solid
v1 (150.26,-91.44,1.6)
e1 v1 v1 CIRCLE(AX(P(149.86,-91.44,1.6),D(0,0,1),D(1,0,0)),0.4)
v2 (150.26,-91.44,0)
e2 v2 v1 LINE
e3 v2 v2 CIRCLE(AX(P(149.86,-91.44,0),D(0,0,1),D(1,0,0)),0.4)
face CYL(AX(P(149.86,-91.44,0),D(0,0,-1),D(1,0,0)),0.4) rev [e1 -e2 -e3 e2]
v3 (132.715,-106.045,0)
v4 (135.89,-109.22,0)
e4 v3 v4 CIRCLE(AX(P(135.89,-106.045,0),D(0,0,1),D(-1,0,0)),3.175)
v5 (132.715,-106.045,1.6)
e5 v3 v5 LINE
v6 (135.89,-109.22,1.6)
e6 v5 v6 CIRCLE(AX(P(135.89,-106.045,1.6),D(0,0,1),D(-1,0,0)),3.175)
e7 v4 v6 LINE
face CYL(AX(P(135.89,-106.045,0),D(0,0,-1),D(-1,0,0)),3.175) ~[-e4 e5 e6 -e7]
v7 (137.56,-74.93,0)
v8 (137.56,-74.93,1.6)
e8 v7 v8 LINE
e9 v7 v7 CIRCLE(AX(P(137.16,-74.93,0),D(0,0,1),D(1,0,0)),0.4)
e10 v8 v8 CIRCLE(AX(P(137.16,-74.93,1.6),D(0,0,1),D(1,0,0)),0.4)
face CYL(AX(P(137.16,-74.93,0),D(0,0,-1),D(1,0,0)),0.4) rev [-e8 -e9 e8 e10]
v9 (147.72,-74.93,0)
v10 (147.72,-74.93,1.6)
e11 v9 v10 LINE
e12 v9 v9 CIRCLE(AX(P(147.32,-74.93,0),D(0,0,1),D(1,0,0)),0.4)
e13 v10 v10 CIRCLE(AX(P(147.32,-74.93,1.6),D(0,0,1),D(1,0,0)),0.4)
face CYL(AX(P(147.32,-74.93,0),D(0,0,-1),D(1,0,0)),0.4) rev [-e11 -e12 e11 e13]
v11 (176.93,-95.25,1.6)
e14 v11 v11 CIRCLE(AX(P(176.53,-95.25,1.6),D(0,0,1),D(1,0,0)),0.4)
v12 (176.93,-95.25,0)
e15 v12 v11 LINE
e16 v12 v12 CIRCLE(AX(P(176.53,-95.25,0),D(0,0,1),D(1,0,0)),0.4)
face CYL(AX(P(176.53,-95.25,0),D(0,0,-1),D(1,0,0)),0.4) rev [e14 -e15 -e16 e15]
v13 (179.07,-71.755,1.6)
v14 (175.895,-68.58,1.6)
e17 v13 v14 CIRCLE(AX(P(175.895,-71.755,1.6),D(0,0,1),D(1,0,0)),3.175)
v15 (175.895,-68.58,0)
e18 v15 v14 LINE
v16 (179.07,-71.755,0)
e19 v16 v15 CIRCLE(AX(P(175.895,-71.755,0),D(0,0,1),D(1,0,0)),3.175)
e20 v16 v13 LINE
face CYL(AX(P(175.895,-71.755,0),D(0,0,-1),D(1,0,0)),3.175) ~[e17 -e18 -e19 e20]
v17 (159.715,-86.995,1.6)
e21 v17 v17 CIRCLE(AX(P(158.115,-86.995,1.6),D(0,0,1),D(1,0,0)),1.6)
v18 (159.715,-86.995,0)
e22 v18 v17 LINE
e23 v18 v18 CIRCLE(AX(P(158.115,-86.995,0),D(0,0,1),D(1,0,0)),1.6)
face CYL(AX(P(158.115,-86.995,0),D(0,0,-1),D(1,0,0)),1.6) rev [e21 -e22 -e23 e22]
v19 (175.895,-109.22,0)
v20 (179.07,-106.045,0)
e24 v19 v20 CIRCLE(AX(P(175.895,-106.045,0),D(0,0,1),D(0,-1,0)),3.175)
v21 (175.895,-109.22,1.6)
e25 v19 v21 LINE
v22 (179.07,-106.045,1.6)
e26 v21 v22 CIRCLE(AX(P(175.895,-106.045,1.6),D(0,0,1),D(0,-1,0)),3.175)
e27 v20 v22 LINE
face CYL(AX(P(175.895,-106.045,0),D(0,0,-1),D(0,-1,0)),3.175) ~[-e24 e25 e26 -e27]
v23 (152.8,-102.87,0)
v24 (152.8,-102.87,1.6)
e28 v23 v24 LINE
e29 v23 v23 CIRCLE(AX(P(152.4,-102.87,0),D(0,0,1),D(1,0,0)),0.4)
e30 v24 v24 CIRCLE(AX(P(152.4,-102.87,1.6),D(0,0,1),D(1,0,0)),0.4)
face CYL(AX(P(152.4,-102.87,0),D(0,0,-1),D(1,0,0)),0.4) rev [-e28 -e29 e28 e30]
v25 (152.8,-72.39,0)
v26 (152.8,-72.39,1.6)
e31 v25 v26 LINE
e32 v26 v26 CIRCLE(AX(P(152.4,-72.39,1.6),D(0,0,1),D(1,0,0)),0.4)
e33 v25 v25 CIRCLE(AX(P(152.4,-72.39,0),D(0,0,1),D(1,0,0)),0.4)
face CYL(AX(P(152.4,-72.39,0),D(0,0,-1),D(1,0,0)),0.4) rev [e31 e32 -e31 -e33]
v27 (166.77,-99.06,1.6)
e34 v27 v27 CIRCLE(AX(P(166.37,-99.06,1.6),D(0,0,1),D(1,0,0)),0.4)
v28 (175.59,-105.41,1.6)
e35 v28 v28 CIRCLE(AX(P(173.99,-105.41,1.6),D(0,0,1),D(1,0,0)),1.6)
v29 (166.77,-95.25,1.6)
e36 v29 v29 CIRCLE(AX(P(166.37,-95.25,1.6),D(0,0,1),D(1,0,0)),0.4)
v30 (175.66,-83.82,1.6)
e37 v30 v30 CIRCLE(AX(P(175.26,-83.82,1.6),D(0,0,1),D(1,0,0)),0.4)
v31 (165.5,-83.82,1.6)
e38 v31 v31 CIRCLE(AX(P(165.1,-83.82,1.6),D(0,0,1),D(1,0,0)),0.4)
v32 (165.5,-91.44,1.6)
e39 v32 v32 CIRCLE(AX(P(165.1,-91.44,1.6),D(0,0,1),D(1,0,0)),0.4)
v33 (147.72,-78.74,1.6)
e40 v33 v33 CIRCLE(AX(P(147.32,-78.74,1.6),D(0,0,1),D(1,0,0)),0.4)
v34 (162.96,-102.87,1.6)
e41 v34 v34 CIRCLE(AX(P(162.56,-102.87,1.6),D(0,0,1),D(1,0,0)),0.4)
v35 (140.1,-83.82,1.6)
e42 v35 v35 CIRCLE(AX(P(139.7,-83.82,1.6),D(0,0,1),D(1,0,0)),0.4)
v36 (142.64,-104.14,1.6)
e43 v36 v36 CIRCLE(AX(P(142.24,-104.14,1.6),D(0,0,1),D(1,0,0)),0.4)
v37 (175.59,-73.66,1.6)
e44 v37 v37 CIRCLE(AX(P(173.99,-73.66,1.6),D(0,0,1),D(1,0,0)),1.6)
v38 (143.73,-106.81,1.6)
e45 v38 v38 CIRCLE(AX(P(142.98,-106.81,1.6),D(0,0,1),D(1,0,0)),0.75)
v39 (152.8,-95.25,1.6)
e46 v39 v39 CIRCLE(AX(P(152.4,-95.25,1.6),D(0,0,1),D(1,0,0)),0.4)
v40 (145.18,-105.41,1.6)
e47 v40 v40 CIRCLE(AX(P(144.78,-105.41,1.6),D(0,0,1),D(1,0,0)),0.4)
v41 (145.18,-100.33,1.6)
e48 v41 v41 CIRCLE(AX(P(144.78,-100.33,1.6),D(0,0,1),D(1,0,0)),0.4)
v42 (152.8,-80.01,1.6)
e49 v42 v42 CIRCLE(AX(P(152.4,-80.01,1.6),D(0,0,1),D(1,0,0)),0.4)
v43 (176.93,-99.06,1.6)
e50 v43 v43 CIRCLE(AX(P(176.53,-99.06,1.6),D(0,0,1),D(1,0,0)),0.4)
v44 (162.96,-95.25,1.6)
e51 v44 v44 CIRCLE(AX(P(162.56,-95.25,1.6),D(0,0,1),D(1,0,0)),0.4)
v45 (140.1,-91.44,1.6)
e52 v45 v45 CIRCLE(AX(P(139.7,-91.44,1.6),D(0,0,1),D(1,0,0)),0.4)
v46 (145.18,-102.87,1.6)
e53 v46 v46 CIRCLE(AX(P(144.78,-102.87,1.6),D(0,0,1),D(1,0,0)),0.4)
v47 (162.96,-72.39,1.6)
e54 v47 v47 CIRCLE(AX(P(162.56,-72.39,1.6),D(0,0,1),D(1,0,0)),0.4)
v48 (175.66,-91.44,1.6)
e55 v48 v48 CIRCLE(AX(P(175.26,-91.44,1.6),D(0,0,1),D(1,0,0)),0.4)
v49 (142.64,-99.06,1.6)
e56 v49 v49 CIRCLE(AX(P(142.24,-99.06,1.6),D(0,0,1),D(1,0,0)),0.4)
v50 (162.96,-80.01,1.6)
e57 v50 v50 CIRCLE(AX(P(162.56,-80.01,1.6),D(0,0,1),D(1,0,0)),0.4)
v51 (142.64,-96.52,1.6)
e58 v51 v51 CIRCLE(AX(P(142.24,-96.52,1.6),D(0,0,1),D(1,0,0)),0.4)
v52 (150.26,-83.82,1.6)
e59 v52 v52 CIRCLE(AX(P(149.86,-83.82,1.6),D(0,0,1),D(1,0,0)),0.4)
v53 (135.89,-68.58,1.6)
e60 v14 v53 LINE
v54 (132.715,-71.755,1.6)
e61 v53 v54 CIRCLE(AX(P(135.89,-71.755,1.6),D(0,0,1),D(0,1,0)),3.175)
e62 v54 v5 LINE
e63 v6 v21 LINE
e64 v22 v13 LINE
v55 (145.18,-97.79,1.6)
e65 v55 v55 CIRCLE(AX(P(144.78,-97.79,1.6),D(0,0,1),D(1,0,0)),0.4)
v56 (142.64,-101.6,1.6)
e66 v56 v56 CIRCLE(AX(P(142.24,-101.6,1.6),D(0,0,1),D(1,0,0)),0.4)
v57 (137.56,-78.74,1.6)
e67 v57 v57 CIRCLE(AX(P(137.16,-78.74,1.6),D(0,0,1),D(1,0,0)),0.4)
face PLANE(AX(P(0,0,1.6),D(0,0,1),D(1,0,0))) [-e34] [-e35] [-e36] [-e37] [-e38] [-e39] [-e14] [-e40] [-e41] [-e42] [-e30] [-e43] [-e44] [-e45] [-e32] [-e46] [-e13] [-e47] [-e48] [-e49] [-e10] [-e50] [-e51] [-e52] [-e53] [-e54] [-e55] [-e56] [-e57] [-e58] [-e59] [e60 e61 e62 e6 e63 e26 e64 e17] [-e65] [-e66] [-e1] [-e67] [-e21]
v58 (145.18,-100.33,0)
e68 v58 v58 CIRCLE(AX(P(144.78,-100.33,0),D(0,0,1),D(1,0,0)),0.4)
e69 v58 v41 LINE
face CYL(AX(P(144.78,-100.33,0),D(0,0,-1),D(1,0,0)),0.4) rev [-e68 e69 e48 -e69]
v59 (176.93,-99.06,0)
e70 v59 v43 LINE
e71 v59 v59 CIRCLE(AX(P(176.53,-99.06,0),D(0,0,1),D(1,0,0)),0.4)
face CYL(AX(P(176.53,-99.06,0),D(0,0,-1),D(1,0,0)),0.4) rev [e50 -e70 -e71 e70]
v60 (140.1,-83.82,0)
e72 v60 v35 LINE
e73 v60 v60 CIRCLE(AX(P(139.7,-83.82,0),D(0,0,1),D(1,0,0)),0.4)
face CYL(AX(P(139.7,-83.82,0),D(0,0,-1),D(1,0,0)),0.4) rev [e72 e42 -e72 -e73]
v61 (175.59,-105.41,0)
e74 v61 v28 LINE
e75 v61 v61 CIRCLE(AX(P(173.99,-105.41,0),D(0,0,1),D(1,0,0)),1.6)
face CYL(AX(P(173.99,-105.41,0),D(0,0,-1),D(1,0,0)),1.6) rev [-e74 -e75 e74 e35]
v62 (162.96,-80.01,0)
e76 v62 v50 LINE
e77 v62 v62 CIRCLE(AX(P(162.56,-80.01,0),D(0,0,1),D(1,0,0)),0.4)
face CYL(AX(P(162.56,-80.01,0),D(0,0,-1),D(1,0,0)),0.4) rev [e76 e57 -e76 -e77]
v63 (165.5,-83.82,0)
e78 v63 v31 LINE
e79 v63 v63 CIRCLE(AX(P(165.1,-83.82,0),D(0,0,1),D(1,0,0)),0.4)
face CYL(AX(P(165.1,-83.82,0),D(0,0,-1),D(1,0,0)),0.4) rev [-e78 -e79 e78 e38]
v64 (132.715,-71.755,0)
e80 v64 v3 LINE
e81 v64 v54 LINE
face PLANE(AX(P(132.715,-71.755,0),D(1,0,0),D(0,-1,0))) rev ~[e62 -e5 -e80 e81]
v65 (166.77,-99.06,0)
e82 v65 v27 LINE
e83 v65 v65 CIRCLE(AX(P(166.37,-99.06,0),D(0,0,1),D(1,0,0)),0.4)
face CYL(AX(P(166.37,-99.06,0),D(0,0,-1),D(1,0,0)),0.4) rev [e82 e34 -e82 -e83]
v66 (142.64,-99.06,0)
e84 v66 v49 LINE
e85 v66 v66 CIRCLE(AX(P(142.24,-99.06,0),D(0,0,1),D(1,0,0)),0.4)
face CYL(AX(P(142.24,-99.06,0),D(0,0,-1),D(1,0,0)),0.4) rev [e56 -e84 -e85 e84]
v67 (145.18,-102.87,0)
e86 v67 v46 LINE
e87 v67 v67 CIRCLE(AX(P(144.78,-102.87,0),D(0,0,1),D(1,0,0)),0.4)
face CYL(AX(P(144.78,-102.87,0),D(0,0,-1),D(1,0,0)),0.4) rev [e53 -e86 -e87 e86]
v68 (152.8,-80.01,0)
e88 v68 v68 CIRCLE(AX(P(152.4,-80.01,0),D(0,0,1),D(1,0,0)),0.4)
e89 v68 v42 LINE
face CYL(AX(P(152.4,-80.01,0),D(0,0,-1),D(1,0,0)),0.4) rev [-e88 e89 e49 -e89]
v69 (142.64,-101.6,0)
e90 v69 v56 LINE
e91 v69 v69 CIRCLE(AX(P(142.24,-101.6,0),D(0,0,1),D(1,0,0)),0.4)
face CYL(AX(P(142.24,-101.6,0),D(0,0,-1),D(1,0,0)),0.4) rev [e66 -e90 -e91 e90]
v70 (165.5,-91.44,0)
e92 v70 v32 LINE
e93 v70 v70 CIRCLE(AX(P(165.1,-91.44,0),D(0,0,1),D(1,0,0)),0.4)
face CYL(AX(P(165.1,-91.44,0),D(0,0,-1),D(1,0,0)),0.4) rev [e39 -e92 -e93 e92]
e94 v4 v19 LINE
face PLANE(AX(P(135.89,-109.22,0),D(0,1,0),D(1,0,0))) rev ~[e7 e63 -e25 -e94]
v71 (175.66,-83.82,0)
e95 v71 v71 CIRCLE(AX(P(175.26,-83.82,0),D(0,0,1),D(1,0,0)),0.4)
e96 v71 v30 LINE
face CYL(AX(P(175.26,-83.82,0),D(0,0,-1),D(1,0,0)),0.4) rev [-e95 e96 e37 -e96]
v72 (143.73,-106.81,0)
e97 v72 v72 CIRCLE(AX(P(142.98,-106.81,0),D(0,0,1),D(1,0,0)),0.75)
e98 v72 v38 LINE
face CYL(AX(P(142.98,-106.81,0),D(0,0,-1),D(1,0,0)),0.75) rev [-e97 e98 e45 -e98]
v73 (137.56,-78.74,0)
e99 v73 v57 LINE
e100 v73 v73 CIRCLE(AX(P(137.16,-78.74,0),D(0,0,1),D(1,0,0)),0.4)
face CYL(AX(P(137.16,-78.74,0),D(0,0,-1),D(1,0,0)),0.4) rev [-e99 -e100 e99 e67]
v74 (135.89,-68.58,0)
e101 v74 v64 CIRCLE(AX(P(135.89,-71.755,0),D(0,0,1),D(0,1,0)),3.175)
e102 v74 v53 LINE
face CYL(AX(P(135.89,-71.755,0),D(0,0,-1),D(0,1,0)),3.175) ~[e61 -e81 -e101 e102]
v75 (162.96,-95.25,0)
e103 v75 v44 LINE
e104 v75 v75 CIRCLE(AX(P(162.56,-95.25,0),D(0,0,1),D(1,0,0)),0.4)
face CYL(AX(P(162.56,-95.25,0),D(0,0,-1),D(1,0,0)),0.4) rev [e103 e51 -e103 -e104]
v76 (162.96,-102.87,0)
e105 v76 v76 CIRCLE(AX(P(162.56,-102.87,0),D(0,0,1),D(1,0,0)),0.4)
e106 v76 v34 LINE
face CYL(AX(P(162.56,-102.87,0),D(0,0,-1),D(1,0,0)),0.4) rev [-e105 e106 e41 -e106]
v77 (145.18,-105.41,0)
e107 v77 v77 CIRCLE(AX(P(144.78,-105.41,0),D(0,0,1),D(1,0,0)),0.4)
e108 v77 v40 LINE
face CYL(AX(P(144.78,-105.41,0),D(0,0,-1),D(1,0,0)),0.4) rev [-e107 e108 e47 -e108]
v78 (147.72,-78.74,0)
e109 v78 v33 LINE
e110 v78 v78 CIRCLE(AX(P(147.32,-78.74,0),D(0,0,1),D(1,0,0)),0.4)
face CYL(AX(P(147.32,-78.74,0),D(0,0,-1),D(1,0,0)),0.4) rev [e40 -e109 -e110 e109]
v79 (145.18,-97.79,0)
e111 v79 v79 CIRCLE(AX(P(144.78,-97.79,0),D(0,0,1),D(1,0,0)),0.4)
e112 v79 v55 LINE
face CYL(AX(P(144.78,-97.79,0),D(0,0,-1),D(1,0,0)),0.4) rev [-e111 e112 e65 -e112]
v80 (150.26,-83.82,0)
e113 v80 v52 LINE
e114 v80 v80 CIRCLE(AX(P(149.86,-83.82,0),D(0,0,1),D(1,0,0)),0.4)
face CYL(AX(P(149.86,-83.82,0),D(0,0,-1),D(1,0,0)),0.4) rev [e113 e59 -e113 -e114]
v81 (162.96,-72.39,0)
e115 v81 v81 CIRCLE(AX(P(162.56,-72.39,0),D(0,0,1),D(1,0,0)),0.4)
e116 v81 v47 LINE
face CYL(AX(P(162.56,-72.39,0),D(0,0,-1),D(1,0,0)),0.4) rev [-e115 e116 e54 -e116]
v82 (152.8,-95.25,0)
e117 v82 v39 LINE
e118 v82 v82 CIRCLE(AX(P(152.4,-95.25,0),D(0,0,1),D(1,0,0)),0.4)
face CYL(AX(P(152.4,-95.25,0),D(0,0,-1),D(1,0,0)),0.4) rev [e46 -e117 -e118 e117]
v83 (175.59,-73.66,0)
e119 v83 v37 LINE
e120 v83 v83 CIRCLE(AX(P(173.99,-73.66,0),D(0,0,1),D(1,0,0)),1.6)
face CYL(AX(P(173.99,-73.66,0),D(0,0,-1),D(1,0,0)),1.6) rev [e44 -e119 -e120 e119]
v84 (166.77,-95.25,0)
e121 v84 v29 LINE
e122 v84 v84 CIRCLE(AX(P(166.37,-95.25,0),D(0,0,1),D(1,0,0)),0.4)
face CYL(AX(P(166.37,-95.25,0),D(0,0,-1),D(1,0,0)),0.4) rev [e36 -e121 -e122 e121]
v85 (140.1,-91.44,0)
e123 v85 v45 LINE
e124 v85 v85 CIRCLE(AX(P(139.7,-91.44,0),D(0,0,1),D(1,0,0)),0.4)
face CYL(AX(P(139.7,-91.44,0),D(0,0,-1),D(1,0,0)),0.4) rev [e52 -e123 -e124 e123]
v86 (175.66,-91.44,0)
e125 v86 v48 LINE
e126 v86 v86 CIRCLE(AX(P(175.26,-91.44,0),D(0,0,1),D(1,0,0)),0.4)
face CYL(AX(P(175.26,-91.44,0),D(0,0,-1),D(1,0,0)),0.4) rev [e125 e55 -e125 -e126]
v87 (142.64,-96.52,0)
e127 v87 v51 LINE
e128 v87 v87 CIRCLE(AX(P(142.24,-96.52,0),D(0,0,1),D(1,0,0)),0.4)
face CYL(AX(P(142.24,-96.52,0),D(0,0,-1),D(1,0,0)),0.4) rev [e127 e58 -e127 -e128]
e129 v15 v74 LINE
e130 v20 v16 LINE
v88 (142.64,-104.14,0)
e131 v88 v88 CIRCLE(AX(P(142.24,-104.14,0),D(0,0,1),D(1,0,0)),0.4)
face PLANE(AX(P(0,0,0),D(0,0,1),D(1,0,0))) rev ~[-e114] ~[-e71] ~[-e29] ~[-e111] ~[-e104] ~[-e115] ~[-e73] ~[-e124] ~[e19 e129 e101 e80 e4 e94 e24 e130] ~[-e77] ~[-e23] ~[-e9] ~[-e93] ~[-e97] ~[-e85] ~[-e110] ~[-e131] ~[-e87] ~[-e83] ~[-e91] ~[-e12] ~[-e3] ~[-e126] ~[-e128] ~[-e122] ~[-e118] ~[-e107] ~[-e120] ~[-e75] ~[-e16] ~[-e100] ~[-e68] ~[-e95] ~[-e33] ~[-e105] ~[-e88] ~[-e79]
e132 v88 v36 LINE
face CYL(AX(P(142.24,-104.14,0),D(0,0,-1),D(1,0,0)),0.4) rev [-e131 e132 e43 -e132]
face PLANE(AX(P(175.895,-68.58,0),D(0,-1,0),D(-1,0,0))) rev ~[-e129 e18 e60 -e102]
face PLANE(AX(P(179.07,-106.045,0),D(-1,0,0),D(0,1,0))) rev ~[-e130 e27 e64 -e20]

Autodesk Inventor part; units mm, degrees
ref_plane "Plan YZ" through (0, 0, 0) normal (1, 0, 0) x (0, 1, 0)
ref_plane "Plan XZ" through (0, 0, 0) normal (0, 1, 0) x (-1, 0, 0)
ref_plane "Plan XY" through (0, 0, 0) normal (0, 0, 1) x (1, 0, 0)
sketch "Esquisse1" plane through (0, 0, 0) normal (0, 0, 1) x (1, 0, 0)
  point P0 (0, 0)
sketch "Esquisse6" plane through (0, 0, 0) normal (0, 0, 1) x (1, 0, 0)
  arc A0 (135.89, -68.58) -> (132.715, -71.755) centre (135.89, -71.755) ccw
  line L0 (132.715, -71.755) -> (132.715, -106.045)
  arc A1 (132.715, -106.045) -> (135.89, -109.22) centre (135.89, -106.045) ccw
  line L1 (135.89, -109.22) -> (175.895, -109.22)
  arc A2 (175.895, -109.22) -> (179.07, -106.045) centre (175.895, -106.045) ccw
  line L2 (179.07, -106.045) -> (179.07, -71.755)
  arc A3 (179.07, -71.755) -> (175.895, -68.58) centre (175.895, -71.755) ccw
  line L3 (175.895, -68.58) -> (135.89, -68.58)
  circle A4 centre (142.24, -96.52) radius 0.4
  circle A5 centre (144.78, -97.79) radius 0.4
  circle A6 centre (142.24, -99.06) radius 0.4
  circle A7 centre (144.78, -100.33) radius 0.4
  circle A8 centre (142.24, -101.6) radius 0.4
  circle A9 centre (144.78, -102.87) radius 0.4
  circle A10 centre (142.24, -104.14) radius 0.4
  circle A11 centre (144.78, -105.41) radius 0.4
  circle A12 centre (137.16, -78.74) radius 0.4
  circle A13 centre (147.32, -78.74) radius 0.4
  circle A14 centre (166.37, -99.06) radius 0.4
  circle A15 centre (176.53, -99.06) radius 0.4
  circle A16 centre (176.53, -95.25) radius 0.4
  circle A17 centre (166.37, -95.25) radius 0.4
  circle A18 centre (147.32, -74.93) radius 0.4
  circle A19 centre (137.16, -74.93) radius 0.4
  circle A20 centre (149.86, -83.82) radius 0.4
  circle A21 centre (139.7, -83.82) radius 0.4
  circle A22 centre (149.86, -91.44) radius 0.4
  circle A23 centre (139.7, -91.44) radius 0.4
  circle A24 centre (162.56, -95.25) radius 0.4
  circle A25 centre (152.4, -95.25) radius 0.4
  circle A26 centre (162.56, -102.87) radius 0.4
  circle A27 centre (152.4, -102.87) radius 0.4
  circle A28 centre (175.26, -83.82) radius 0.4
  circle A29 centre (165.1, -83.82) radius 0.4
  circle A30 centre (175.26, -91.44) radius 0.4
  circle A31 centre (165.1, -91.44) radius 0.4
  circle A32 centre (162.56, -72.39) radius 0.4
  circle A33 centre (152.4, -72.39) radius 0.4
  circle A34 centre (162.56, -80.01) radius 0.4
  circle A35 centre (152.4, -80.01) radius 0.4
  circle A36 centre (142.98, -106.81) radius 0.75
  circle A37 centre (158.115, -86.995) radius 1.6
  circle A38 centre (173.99, -105.41) radius 1.6
  circle A39 centre (173.99, -73.66) radius 1.6
extrude "manette_2019_boutons.kicad_pcb_Contour" add sketch "Esquisse6" along normal blind 1.6
properties part number "manette_2019_boutons.kicad_pcb_Contour" material "."
